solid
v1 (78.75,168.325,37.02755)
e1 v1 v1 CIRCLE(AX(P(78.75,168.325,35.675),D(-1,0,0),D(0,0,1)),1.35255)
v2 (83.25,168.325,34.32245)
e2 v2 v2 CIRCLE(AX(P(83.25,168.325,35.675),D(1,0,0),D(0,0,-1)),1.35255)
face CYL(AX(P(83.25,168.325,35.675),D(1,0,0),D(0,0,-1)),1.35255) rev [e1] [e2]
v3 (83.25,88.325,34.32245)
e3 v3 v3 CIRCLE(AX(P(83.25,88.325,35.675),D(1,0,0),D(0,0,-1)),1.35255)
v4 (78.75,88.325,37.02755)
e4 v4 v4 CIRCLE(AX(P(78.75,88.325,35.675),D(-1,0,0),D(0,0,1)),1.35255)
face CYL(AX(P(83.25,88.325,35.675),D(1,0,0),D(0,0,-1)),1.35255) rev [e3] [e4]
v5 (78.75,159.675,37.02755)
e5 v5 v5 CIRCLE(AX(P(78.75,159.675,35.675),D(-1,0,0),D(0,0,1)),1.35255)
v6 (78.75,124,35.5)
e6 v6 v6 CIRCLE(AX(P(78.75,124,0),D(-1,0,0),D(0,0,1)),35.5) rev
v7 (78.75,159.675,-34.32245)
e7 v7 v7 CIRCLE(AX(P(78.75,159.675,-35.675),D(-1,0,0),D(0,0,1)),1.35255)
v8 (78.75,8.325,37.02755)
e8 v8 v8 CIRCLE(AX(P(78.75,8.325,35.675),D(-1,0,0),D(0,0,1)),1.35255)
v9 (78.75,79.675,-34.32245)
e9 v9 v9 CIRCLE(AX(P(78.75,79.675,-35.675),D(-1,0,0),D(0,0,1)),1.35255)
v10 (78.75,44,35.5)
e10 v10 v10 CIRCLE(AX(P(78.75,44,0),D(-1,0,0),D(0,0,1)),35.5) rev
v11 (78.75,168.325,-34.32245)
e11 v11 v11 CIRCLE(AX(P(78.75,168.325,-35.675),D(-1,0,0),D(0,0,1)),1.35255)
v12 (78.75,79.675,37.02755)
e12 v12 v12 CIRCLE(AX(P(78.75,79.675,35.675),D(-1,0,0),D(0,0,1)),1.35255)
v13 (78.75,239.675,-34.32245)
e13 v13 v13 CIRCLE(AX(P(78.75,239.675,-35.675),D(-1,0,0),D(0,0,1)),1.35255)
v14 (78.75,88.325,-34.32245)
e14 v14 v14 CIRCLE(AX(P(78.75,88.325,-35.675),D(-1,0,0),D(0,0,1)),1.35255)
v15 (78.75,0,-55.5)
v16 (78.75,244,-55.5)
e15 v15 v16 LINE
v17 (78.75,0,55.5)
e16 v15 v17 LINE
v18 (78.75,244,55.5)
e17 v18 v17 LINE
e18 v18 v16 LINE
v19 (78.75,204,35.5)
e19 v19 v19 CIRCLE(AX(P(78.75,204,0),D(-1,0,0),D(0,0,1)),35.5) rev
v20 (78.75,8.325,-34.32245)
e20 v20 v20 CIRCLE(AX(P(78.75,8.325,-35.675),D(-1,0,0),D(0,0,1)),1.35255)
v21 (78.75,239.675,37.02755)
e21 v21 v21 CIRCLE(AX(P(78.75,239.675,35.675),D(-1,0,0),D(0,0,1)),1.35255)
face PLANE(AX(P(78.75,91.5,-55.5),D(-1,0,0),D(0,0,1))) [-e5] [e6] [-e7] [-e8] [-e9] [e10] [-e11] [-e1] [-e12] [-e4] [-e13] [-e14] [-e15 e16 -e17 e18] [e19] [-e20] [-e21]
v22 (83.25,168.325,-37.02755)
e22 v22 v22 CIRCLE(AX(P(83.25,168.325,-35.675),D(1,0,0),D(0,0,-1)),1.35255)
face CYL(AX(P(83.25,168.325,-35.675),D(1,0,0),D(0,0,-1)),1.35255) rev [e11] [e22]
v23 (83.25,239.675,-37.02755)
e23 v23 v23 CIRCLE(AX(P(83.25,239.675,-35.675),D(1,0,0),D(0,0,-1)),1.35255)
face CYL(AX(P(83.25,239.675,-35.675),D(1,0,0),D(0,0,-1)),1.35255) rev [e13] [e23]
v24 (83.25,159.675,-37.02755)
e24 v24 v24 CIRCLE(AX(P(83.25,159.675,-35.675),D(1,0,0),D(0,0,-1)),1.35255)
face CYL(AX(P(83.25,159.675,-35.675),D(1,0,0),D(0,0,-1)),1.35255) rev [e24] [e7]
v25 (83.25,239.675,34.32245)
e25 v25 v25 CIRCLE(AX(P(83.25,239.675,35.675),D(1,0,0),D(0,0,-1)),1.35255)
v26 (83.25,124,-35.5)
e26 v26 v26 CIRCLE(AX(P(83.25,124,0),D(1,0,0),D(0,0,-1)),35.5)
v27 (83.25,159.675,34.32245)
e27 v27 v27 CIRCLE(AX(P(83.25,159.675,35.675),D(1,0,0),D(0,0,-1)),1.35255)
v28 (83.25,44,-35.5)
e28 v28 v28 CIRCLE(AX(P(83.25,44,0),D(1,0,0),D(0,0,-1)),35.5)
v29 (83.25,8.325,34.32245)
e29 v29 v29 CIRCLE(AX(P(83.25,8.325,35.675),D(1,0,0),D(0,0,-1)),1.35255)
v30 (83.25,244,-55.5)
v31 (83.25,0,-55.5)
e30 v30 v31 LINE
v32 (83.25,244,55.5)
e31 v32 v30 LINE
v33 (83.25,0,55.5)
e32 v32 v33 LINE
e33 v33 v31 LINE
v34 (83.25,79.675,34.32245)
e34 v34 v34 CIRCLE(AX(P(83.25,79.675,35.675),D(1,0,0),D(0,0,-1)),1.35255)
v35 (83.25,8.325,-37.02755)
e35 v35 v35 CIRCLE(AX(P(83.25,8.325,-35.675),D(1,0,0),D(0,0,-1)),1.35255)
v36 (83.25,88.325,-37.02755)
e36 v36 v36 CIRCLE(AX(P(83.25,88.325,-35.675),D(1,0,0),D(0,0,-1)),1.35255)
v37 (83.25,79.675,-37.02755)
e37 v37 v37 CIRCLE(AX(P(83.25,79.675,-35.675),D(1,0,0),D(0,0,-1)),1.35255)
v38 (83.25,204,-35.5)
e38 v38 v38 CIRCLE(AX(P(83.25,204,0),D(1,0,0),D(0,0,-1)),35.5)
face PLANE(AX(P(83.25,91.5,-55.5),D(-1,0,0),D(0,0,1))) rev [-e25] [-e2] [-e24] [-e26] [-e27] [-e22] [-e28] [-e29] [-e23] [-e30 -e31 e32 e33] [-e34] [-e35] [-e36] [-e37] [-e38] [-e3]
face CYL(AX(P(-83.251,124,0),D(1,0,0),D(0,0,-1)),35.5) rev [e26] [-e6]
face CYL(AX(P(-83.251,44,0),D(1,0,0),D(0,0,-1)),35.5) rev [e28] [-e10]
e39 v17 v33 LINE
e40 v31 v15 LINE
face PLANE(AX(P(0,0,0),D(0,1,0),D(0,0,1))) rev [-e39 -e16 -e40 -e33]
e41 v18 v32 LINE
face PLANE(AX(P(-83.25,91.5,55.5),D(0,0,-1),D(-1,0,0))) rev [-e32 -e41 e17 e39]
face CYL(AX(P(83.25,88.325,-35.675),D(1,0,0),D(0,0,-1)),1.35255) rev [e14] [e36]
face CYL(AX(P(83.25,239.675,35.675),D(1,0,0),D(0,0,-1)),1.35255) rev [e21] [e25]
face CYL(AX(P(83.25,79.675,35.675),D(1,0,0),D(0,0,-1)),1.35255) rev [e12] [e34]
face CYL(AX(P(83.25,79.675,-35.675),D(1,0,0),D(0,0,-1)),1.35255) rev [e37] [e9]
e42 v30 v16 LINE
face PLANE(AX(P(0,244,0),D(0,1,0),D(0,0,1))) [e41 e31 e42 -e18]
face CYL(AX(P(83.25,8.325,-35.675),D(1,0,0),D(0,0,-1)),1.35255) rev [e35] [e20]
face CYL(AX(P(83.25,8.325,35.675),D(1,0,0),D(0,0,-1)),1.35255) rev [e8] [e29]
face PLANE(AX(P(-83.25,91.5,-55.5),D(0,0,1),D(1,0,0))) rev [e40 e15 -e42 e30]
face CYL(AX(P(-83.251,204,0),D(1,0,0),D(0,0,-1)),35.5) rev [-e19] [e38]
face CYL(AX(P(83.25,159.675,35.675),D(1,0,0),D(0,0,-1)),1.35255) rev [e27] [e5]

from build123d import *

# Parameters (mm, degrees)
SKETCH1_W                     = 166.5
SKETCH1_H                     = 111
BOSS_EXTRUDE1_DEPTH           = 30.5
SHELL1_T                      = -4.5
CUT_EXTRUDE1_REACH            = 105.377
SKETCH2_W                     = 157
SKETCH2_H                     = 92
TAP_DRILL_FOR_6_32_TAP1_D     = 2.7051
TAP_DRILL_FOR_6_32_TAP1_DEPTH = 4.5
LPATTERN1_COUNT               = 8
LPATTERN1_PITCH               = 30.5
SKETCH7_W                     = 102
SKETCH7_H                     = 4.5
CUT_EXTRUDE2_DEPTH            = 5
SKETCH8_W                     = 102
SKETCH8_H                     = 157
CUT_EXTRUDE3_DEPTH            = 5
CUT_EXTRUDE4_REACH            = 302.564
SKETCH9_R                     = 35.5
TAP_DRILL_FOR_6_32_TAP2_D     = 2.7051
CUT_EXTRUDE6_START            = -162
SKETCH14_W                    = 111
SKETCH14_H                    = 244
CUT_EXTRUDE6_DEPTH            = 162


with BuildPart() as part:
    # Sketch1 → Boss-Extrude1 (new body)
    with BuildSketch(Plane(origin=(0, 0, 0), x_dir=(1, 0, 0), z_dir=(0, 1, 0))):
        Rectangle(SKETCH1_W, SKETCH1_H)
    extrude(amount=BOSS_EXTRUDE1_DEPTH)

    # Shell1
    shell1_openings = [part.faces().sort_by_distance(p)[0] for p in [
        (0, 30.5, 0),
        (-83.25, 15.25, 0),
    ]]
    offset(amount=SHELL1_T, openings=shell1_openings, kind=Kind.INTERSECTION)

    # Sketch2 → Cut-Extrude1 (cut, up to next)
    with BuildSketch(Plane(origin=(0, 4.5, 0), x_dir=(1, 0, 0), z_dir=(0, 1, 0)), mode=Mode.PRIVATE) as cut_extrude1_sk1:
        with Locations((0.25, 0)):
            Rectangle(SKETCH2_W, SKETCH2_H)
    cut_extrude1_tool1 = extrude(cut_extrude1_sk1.sketch, amount=-CUT_EXTRUDE1_REACH, mode=Mode.PRIVATE) & part.part
    add(cut_extrude1_tool1.solids().sort_by_distance((0.25, 4.5, 0))[0], mode=Mode.SUBTRACT)

    # Tap Drill for #6-32 Tap1
    with Locations(Plane(origin=(0, 0, -55.5), x_dir=(-1, 0, 0), z_dir=(0, 0, -1))):
        with Locations((42.66, 10.84), (-58.75, 10.84)):
            tap_drill_for_6_32_tap1 = Hole(TAP_DRILL_FOR_6_32_TAP1_D / 2, depth=TAP_DRILL_FOR_6_32_TAP1_DEPTH)

    # Mirror1: Tap Drill for #6-32 Tap1 across plane
    add(tap_drill_for_6_32_tap1.mirror(Plane.XY), mode=Mode.SUBTRACT)


with BuildPart() as lpattern1_1:
    # LPattern1: pattern copy
    add(part.part.moved(Location(Vector(0, 1, 0) * (1 * LPATTERN1_PITCH))))


with BuildPart() as lpattern1_2:
    # LPattern1: pattern copy
    add(part.part.moved(Location(Vector(0, 1, 0) * (2 * LPATTERN1_PITCH))))


with BuildPart() as lpattern1_3:
    # LPattern1: pattern copy
    add(part.part.moved(Location(Vector(0, 1, 0) * (3 * LPATTERN1_PITCH))))


with BuildPart() as lpattern1_4:
    # LPattern1: pattern copy
    add(part.part.moved(Location(Vector(0, 1, 0) * (4 * LPATTERN1_PITCH))))


with BuildPart() as lpattern1_5:
    # LPattern1: pattern copy
    add(part.part.moved(Location(Vector(0, 1, 0) * (5 * LPATTERN1_PITCH))))


with BuildPart() as lpattern1_6:
    # LPattern1: pattern copy
    add(part.part.moved(Location(Vector(0, 1, 0) * (6 * LPATTERN1_PITCH))))


with BuildPart() as lpattern1_7:
    # LPattern1: pattern copy
    add(part.part.moved(Location(Vector(0, 1, 0) * (7 * LPATTERN1_PITCH))))


with BuildPart() as part_1:
    add(part.part)

    # Combine1: union LPattern1_1
    add(lpattern1_1.part)

    # Sketch7 → Cut-Extrude2 (cut)
    with BuildSketch(Plane.ZY.offset(83.25)):
        with Locations((0, 32.75)):
            Rectangle(SKETCH7_W, SKETCH7_H)
    extrude(amount=-CUT_EXTRUDE2_DEPTH, mode=Mode.SUBTRACT)


with BuildPart() as lpattern1_2_1:
    add(lpattern1_2.part)

    # Combine2: union LPattern1_3, LPattern1_5, LPattern1_4, LPattern1_7, part, LPattern1_6
    add(lpattern1_3.part)
    add(lpattern1_5.part)
    add(lpattern1_4.part)
    add(lpattern1_7.part)
    add(part_1.part)
    add(lpattern1_6.part)

    # Sketch8 → Cut-Extrude3 (cut)
    with BuildSketch(Plane.ZY.offset(83.25)):
        with Locations((0, 139.5)):
            Rectangle(SKETCH8_W, SKETCH8_H)
    extrude(amount=-CUT_EXTRUDE3_DEPTH, mode=Mode.SUBTRACT)

    # Sketch9 → Cut-Extrude4 (cut, up to next)
    with BuildSketch(Plane(origin=(83.25, 0, 0), x_dir=(0, 0, -1), z_dir=(1, 0, 0)), mode=Mode.PRIVATE) as cut_extrude4_sk1:
        with Locations((0, 204)):
            Circle(SKETCH9_R)
    cut_extrude4_tool1 = extrude(cut_extrude4_sk1.sketch, amount=-CUT_EXTRUDE4_REACH, mode=Mode.PRIVATE) & lpattern1_2_1.part
    # Sketch9 → Cut-Extrude4 (cut, up to next)
    with BuildSketch(Plane(origin=(83.25, 0, 0), x_dir=(0, 0, -1), z_dir=(1, 0, 0)), mode=Mode.PRIVATE) as cut_extrude4_sk2:
        with Locations((0, 124)):
            Circle(SKETCH9_R)
    cut_extrude4_tool2 = extrude(cut_extrude4_sk2.sketch, amount=-CUT_EXTRUDE4_REACH, mode=Mode.PRIVATE) & lpattern1_2_1.part
    # Sketch9 → Cut-Extrude4 (cut, up to next)
    with BuildSketch(Plane(origin=(83.25, 0, 0), x_dir=(0, 0, -1), z_dir=(1, 0, 0)), mode=Mode.PRIVATE) as cut_extrude4_sk3:
        with Locations((0, 44)):
            Circle(SKETCH9_R)
    cut_extrude4_tool3 = extrude(cut_extrude4_sk3.sketch, amount=-CUT_EXTRUDE4_REACH, mode=Mode.PRIVATE) & lpattern1_2_1.part
    add(cut_extrude4_tool1.solids().sort_by_distance((83.25, 204, 0))[0], mode=Mode.SUBTRACT)
    add(cut_extrude4_tool2.solids().sort_by_distance((83.25, 124, 0))[0], mode=Mode.SUBTRACT)
    add(cut_extrude4_tool3.solids().sort_by_distance((83.25, 44, 0))[0], mode=Mode.SUBTRACT)

    # Tap Drill for #6-32 Tap2 (through all)
    with Locations(Plane(origin=(83.25, 0, 0), x_dir=(0, 0, -1), z_dir=(1, 0, 0))):
        with Locations((-35.675, 239.675), (35.675, 239.675), (35.675, 168.325), (-35.675, 168.325)):
            tap_drill_for_6_32_tap2 = Hole(TAP_DRILL_FOR_6_32_TAP2_D / 2)

    # Mirror2: Tap Drill for #6-32 Tap2 across plane
    add(tap_drill_for_6_32_tap2.mirror(Plane.ZX.offset(164)), mode=Mode.SUBTRACT)

    # Mirror3: Tap Drill for #6-32 Tap2 across plane
    add(tap_drill_for_6_32_tap2.mirror(Plane.ZX.offset(124)), mode=Mode.SUBTRACT)

    # Sketch14 → Cut-Extrude6 (cut)
    with BuildSketch(Plane.ZY.offset(83.25).offset(CUT_EXTRUDE6_START)):
        with Locations((0, 122)):
            Rectangle(SKETCH14_W, SKETCH14_H)
    extrude(amount=CUT_EXTRUDE6_DEPTH, mode=Mode.SUBTRACT)


solid = lpattern1_2_1.part
